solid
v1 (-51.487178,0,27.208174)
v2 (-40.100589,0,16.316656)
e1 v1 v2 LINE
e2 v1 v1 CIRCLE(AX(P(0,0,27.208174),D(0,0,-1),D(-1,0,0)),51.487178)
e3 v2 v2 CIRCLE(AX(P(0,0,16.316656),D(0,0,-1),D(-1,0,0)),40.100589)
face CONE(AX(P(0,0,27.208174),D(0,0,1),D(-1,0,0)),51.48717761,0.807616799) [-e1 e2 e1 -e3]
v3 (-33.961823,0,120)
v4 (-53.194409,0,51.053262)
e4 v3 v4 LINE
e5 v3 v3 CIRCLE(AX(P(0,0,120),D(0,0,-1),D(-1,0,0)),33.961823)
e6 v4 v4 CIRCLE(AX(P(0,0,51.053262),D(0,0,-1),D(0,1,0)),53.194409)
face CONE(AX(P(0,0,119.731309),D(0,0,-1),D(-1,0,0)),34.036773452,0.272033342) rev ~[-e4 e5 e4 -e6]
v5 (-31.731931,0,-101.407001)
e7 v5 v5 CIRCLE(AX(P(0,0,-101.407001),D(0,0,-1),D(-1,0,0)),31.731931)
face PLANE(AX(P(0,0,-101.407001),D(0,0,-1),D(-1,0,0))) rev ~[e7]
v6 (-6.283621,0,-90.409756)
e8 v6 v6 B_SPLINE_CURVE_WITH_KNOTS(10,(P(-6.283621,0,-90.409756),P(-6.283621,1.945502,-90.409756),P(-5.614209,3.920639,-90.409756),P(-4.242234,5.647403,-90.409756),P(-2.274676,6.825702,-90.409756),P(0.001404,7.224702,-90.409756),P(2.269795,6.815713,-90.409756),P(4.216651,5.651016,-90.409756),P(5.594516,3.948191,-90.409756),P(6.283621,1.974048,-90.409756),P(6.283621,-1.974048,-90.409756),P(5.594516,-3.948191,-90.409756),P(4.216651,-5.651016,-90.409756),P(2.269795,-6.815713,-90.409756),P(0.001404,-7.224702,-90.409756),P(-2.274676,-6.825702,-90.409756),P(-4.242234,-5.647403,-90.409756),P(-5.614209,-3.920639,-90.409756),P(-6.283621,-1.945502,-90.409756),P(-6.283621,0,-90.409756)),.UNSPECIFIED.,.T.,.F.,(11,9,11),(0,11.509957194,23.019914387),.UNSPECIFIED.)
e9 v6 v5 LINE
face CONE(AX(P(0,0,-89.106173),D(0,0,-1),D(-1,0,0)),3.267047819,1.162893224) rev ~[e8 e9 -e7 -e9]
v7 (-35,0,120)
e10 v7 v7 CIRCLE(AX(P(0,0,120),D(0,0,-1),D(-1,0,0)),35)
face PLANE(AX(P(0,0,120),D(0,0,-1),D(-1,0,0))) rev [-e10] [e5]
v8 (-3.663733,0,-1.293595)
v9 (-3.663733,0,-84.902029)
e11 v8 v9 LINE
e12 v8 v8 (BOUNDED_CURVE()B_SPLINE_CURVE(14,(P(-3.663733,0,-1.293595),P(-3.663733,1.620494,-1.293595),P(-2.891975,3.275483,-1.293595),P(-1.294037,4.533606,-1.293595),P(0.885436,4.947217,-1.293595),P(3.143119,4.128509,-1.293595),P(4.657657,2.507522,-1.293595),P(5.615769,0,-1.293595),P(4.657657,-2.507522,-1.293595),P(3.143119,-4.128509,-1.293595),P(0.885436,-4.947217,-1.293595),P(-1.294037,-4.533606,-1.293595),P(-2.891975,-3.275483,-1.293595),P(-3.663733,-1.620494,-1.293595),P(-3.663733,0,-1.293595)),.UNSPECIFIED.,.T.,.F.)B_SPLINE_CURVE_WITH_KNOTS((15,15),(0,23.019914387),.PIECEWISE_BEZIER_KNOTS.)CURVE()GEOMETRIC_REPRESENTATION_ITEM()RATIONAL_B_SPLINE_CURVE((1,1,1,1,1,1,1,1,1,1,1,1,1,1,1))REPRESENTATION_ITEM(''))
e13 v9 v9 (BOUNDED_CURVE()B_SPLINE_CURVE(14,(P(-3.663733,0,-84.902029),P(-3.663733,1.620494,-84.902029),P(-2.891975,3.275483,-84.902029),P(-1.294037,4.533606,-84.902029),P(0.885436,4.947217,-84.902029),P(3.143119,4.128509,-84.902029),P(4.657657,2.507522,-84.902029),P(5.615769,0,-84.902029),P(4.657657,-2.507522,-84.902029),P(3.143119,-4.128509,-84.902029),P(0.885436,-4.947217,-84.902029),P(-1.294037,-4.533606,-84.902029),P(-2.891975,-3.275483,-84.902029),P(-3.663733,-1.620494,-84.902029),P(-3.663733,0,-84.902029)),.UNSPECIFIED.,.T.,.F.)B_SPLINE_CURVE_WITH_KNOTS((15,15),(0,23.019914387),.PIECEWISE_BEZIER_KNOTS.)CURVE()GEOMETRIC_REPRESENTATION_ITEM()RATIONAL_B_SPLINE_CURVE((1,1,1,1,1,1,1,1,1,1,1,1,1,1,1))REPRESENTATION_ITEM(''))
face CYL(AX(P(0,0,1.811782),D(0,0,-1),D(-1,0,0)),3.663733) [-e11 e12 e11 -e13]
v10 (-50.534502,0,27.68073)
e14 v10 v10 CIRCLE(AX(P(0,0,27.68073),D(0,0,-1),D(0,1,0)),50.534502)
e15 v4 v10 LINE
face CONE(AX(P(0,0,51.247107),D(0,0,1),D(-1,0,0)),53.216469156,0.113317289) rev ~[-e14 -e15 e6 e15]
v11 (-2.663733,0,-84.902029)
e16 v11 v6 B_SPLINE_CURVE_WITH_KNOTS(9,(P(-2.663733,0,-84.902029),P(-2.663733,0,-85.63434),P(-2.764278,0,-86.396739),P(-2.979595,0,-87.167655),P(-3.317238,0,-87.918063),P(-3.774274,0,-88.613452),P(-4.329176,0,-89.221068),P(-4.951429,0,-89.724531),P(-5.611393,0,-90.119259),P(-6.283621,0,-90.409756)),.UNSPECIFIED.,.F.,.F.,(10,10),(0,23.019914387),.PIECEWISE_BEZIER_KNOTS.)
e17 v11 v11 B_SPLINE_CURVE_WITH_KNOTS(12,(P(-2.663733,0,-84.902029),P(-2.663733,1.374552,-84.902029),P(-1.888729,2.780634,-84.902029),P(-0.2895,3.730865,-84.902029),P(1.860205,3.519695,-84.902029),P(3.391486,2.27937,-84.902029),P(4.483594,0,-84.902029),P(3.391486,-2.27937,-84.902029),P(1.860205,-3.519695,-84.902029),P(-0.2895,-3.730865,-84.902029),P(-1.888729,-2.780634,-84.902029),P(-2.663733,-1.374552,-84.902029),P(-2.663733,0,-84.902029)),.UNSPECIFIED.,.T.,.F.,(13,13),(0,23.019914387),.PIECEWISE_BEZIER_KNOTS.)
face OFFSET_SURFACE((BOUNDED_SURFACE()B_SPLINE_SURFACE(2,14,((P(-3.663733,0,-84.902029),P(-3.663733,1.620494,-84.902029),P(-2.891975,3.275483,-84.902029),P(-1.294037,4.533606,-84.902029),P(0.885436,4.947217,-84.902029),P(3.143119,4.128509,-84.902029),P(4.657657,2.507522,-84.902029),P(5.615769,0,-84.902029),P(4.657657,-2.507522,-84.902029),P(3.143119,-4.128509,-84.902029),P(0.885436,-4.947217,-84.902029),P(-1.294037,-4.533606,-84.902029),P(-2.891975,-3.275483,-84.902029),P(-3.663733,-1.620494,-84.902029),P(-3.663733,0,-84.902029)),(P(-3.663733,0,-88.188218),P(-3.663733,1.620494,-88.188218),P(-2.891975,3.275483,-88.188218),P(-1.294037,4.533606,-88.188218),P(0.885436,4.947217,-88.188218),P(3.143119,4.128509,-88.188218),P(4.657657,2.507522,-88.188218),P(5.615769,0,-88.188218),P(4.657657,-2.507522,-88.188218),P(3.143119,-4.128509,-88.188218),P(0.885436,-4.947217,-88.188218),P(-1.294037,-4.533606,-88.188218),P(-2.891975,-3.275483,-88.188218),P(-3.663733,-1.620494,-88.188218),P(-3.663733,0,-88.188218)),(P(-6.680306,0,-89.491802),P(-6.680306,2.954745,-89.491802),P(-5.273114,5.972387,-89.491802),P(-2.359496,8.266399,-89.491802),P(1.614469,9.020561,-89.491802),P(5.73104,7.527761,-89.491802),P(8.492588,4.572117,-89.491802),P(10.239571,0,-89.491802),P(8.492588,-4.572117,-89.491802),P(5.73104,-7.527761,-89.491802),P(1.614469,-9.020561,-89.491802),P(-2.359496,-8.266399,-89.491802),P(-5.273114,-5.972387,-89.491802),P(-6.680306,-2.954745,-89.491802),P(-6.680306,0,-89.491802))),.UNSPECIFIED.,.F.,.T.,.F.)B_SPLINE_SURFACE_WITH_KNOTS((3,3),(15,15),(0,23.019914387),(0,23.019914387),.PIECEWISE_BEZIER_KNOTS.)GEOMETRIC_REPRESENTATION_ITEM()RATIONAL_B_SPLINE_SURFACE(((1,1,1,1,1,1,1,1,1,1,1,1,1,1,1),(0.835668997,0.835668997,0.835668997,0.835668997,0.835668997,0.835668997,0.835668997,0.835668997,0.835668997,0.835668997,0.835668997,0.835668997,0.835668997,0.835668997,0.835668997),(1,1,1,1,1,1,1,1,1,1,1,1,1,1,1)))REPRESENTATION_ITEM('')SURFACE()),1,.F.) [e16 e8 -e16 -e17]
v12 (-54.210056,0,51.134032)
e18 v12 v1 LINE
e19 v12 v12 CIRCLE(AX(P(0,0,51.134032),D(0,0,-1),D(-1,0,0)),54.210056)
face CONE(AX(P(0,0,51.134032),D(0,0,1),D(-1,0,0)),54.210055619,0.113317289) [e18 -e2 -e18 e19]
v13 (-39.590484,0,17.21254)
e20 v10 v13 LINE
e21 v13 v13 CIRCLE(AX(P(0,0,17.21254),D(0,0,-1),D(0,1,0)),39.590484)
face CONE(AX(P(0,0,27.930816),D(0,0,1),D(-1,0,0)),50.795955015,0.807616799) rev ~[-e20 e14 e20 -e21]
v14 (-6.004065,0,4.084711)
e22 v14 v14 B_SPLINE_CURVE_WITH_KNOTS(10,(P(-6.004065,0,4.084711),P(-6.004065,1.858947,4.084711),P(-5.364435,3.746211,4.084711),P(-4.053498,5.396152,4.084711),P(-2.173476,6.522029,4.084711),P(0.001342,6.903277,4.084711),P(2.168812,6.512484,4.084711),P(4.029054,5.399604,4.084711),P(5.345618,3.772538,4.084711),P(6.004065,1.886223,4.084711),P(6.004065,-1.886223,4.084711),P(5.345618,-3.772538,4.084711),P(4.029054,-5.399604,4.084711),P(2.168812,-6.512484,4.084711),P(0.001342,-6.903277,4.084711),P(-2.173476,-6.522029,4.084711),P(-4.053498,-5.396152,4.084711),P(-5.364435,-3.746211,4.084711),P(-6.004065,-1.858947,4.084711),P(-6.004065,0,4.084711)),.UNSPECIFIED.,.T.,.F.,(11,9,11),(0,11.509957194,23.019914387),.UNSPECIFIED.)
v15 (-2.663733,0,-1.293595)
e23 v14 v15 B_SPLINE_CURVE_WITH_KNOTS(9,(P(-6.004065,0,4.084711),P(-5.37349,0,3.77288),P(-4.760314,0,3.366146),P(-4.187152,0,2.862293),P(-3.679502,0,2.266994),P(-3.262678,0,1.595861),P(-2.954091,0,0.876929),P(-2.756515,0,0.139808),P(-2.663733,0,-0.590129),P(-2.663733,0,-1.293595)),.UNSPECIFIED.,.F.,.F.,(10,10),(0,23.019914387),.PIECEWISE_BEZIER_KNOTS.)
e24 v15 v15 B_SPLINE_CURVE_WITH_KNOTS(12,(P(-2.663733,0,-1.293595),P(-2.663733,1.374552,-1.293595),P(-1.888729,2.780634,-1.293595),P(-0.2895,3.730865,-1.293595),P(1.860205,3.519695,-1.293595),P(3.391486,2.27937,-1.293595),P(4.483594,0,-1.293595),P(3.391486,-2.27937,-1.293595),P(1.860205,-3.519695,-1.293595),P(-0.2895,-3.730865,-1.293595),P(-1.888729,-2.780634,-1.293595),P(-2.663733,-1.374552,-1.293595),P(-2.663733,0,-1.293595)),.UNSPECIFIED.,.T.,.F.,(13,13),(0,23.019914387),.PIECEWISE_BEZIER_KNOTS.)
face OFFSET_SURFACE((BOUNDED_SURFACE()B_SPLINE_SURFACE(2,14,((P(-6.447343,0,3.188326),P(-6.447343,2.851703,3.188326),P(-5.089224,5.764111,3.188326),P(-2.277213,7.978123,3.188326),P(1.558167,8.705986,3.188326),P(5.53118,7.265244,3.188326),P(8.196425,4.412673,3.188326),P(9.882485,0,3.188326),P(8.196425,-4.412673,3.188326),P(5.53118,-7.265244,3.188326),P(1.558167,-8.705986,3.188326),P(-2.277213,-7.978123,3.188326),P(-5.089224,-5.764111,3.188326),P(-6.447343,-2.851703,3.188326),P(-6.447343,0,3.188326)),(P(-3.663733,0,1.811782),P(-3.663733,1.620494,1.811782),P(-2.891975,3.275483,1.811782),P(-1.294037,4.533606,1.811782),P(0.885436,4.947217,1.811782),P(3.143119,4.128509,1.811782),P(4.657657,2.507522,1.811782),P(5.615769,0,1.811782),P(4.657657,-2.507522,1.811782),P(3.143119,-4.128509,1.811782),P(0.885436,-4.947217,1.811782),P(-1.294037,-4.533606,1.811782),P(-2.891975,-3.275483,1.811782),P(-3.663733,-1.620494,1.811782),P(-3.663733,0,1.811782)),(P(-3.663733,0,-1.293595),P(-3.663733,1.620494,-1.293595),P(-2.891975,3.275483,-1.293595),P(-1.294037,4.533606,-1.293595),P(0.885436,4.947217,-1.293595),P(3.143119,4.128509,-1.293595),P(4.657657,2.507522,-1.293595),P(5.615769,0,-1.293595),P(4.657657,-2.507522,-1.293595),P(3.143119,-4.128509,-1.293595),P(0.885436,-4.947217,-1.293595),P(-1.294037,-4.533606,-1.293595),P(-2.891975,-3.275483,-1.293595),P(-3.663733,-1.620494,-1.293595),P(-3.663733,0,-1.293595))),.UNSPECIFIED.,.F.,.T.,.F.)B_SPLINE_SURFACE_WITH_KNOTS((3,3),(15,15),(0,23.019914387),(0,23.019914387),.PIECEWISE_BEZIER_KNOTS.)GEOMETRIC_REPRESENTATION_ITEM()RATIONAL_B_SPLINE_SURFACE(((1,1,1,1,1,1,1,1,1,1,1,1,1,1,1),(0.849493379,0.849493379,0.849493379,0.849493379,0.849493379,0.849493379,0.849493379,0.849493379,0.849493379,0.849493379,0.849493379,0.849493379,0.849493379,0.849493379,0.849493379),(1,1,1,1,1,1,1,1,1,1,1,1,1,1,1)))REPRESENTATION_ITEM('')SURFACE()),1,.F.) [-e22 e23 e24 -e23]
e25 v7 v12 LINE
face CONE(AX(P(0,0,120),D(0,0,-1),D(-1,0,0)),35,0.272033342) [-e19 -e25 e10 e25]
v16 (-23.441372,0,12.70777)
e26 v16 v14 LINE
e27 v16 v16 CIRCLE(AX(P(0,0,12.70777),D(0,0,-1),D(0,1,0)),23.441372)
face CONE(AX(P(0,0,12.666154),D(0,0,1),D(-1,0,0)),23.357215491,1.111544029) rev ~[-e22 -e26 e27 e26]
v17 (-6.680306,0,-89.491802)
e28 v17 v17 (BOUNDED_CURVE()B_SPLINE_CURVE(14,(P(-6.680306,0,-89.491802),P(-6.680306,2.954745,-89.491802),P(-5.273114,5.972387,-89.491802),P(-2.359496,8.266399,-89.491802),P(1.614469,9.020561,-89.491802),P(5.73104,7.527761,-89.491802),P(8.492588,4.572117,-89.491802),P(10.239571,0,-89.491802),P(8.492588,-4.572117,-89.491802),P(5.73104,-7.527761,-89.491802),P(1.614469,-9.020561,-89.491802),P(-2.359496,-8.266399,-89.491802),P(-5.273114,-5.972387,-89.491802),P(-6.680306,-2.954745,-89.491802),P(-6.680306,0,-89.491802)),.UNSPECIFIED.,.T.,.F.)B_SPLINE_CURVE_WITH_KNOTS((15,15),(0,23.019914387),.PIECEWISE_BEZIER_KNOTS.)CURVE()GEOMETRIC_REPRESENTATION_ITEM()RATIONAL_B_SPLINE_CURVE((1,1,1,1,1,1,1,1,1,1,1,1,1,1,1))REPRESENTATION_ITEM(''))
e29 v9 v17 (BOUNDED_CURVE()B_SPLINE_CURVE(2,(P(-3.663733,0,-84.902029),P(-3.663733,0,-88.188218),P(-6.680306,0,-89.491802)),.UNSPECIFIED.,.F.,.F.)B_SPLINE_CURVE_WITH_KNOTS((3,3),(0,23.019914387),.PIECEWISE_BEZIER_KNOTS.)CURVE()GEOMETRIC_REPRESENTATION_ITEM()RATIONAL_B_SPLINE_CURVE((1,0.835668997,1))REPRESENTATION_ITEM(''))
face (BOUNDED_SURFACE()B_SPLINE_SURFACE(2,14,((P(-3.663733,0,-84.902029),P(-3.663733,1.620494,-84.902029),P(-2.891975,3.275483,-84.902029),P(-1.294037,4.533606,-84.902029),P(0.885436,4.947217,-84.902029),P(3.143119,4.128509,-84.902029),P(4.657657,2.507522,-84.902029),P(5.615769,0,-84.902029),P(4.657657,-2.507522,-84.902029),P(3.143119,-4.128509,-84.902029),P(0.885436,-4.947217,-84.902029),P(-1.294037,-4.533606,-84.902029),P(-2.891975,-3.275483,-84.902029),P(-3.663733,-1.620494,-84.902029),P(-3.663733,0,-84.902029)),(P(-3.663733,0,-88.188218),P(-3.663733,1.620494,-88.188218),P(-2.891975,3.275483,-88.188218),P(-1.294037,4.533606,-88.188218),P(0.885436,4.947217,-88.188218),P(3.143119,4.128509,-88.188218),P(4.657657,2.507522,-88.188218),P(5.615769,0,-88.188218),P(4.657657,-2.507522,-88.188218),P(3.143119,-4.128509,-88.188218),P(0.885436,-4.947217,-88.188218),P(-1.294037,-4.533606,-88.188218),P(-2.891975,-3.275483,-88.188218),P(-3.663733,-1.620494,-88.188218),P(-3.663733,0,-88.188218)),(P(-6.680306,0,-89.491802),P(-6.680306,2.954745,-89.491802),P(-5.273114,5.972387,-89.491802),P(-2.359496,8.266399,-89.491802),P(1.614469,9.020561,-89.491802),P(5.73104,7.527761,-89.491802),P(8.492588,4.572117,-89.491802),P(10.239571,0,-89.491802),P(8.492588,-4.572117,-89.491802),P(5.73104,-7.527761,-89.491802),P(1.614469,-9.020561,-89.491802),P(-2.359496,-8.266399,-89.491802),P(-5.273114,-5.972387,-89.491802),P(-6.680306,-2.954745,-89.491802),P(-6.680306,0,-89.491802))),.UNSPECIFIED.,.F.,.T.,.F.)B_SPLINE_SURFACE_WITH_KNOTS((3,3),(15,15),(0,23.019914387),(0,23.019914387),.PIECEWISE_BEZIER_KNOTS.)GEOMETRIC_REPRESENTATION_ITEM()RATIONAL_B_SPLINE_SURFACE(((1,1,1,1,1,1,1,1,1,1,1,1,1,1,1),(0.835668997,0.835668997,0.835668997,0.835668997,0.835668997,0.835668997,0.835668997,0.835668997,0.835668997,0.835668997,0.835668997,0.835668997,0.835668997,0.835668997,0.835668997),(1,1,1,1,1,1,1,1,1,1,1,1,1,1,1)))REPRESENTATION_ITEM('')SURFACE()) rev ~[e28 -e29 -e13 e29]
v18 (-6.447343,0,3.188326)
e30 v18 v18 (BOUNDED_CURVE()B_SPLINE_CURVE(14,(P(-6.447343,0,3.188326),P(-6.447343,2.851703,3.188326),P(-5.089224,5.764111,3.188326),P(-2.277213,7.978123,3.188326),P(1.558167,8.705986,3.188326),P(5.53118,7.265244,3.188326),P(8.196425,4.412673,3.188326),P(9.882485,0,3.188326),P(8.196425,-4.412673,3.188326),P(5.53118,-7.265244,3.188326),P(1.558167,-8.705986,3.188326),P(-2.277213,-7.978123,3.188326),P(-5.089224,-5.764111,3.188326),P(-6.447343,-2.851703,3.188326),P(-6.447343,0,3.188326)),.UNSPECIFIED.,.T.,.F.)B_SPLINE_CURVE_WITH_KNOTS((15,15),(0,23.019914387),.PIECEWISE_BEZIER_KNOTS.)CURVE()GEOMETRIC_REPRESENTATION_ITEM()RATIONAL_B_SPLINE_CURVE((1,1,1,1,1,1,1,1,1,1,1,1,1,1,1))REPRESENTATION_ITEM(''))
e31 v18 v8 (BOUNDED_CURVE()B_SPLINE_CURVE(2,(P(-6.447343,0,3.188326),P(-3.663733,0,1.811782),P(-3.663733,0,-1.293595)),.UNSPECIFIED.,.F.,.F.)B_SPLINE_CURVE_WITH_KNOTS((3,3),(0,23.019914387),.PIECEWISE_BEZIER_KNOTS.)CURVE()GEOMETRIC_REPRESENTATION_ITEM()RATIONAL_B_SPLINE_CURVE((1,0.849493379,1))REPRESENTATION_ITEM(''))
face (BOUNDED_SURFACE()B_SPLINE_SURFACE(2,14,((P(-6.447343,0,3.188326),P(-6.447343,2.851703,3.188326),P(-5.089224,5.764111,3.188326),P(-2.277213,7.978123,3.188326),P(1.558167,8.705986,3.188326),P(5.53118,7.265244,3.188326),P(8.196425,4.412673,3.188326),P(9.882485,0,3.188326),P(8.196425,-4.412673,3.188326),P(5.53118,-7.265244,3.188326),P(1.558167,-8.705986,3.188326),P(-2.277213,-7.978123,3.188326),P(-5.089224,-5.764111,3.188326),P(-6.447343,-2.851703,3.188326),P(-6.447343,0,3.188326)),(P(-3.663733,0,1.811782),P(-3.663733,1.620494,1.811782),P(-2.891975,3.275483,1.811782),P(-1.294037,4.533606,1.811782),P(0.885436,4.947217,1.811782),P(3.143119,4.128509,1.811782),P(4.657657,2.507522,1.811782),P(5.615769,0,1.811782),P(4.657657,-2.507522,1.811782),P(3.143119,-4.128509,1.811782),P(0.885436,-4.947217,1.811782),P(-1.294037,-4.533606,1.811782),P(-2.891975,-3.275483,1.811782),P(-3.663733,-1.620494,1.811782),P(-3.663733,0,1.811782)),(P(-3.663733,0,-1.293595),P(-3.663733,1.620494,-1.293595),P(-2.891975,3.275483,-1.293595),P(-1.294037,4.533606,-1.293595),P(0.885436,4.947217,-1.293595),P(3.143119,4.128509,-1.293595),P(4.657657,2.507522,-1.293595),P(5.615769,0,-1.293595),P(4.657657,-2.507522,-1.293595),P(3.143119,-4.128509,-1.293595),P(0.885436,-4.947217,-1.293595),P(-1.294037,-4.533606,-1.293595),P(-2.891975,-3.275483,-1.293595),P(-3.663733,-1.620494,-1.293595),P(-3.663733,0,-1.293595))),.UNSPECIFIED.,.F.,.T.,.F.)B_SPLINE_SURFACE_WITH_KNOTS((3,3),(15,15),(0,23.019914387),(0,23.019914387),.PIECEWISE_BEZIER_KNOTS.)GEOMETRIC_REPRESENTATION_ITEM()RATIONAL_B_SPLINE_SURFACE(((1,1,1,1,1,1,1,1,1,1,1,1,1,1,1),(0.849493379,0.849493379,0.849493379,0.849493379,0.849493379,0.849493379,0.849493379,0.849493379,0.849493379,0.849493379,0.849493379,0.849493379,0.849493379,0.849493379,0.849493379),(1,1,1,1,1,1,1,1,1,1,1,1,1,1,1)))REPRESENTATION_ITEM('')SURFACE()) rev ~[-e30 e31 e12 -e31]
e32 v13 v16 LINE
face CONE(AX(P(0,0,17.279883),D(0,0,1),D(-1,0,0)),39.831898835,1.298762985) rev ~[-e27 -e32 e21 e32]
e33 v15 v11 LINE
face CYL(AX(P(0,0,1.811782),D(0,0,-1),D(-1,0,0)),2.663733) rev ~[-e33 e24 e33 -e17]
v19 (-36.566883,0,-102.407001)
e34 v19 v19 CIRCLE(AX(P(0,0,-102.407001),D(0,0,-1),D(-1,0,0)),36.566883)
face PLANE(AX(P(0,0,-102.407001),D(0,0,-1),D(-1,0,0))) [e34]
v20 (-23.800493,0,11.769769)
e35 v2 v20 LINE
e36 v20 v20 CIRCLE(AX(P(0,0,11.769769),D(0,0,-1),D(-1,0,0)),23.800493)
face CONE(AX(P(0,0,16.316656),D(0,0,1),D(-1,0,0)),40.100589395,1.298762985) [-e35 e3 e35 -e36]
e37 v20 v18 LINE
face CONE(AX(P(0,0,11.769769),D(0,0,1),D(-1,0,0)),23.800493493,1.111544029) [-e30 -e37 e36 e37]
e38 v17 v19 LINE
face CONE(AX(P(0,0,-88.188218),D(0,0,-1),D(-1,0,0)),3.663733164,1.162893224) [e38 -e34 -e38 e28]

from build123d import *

# Parameters (mm, degrees)
F2_R = 5
F3_T = -1


with BuildPart() as f1:
    # F0 (on Front) → F1 (revolve)
    with BuildSketch(Plane.XZ):
        Polygon((0, 120), (-35, 120), (-54.2100556195, 51.1340316432), (-51.4871776104, 27.2081736475), (-40.1005893946, 16.3166560233), (-23.8004934928, 11.769769421), (-3.6637331643, 1.811781532), (0, 0), align=None)
        Polygon((0, -102.4070009589), (0, 0), (-3.6637331643, 1.811781532), (-3.6637331643, -88.188218468), (-36.5668833256, -102.4070009589), align=None)
    revolve(axis=Axis((0, 0, 8.7964995205), (0, 0, -1)))

    # F2
    f2_edges = [f1.edges().sort_by_distance(p)[0] for p in [
        (3.663733, 0, 1.811782),
        (3.663733, 0, -88.188218),
    ]]
    fillet(f2_edges, radius=F2_R)

    # F3
    f3_openings = [f1.faces().sort_by_distance(p)[0] for p in [
        (0, 0, 120),
    ]]
    offset(amount=F3_T, openings=f3_openings, kind=Kind.INTERSECTION)


solid = f1.part
